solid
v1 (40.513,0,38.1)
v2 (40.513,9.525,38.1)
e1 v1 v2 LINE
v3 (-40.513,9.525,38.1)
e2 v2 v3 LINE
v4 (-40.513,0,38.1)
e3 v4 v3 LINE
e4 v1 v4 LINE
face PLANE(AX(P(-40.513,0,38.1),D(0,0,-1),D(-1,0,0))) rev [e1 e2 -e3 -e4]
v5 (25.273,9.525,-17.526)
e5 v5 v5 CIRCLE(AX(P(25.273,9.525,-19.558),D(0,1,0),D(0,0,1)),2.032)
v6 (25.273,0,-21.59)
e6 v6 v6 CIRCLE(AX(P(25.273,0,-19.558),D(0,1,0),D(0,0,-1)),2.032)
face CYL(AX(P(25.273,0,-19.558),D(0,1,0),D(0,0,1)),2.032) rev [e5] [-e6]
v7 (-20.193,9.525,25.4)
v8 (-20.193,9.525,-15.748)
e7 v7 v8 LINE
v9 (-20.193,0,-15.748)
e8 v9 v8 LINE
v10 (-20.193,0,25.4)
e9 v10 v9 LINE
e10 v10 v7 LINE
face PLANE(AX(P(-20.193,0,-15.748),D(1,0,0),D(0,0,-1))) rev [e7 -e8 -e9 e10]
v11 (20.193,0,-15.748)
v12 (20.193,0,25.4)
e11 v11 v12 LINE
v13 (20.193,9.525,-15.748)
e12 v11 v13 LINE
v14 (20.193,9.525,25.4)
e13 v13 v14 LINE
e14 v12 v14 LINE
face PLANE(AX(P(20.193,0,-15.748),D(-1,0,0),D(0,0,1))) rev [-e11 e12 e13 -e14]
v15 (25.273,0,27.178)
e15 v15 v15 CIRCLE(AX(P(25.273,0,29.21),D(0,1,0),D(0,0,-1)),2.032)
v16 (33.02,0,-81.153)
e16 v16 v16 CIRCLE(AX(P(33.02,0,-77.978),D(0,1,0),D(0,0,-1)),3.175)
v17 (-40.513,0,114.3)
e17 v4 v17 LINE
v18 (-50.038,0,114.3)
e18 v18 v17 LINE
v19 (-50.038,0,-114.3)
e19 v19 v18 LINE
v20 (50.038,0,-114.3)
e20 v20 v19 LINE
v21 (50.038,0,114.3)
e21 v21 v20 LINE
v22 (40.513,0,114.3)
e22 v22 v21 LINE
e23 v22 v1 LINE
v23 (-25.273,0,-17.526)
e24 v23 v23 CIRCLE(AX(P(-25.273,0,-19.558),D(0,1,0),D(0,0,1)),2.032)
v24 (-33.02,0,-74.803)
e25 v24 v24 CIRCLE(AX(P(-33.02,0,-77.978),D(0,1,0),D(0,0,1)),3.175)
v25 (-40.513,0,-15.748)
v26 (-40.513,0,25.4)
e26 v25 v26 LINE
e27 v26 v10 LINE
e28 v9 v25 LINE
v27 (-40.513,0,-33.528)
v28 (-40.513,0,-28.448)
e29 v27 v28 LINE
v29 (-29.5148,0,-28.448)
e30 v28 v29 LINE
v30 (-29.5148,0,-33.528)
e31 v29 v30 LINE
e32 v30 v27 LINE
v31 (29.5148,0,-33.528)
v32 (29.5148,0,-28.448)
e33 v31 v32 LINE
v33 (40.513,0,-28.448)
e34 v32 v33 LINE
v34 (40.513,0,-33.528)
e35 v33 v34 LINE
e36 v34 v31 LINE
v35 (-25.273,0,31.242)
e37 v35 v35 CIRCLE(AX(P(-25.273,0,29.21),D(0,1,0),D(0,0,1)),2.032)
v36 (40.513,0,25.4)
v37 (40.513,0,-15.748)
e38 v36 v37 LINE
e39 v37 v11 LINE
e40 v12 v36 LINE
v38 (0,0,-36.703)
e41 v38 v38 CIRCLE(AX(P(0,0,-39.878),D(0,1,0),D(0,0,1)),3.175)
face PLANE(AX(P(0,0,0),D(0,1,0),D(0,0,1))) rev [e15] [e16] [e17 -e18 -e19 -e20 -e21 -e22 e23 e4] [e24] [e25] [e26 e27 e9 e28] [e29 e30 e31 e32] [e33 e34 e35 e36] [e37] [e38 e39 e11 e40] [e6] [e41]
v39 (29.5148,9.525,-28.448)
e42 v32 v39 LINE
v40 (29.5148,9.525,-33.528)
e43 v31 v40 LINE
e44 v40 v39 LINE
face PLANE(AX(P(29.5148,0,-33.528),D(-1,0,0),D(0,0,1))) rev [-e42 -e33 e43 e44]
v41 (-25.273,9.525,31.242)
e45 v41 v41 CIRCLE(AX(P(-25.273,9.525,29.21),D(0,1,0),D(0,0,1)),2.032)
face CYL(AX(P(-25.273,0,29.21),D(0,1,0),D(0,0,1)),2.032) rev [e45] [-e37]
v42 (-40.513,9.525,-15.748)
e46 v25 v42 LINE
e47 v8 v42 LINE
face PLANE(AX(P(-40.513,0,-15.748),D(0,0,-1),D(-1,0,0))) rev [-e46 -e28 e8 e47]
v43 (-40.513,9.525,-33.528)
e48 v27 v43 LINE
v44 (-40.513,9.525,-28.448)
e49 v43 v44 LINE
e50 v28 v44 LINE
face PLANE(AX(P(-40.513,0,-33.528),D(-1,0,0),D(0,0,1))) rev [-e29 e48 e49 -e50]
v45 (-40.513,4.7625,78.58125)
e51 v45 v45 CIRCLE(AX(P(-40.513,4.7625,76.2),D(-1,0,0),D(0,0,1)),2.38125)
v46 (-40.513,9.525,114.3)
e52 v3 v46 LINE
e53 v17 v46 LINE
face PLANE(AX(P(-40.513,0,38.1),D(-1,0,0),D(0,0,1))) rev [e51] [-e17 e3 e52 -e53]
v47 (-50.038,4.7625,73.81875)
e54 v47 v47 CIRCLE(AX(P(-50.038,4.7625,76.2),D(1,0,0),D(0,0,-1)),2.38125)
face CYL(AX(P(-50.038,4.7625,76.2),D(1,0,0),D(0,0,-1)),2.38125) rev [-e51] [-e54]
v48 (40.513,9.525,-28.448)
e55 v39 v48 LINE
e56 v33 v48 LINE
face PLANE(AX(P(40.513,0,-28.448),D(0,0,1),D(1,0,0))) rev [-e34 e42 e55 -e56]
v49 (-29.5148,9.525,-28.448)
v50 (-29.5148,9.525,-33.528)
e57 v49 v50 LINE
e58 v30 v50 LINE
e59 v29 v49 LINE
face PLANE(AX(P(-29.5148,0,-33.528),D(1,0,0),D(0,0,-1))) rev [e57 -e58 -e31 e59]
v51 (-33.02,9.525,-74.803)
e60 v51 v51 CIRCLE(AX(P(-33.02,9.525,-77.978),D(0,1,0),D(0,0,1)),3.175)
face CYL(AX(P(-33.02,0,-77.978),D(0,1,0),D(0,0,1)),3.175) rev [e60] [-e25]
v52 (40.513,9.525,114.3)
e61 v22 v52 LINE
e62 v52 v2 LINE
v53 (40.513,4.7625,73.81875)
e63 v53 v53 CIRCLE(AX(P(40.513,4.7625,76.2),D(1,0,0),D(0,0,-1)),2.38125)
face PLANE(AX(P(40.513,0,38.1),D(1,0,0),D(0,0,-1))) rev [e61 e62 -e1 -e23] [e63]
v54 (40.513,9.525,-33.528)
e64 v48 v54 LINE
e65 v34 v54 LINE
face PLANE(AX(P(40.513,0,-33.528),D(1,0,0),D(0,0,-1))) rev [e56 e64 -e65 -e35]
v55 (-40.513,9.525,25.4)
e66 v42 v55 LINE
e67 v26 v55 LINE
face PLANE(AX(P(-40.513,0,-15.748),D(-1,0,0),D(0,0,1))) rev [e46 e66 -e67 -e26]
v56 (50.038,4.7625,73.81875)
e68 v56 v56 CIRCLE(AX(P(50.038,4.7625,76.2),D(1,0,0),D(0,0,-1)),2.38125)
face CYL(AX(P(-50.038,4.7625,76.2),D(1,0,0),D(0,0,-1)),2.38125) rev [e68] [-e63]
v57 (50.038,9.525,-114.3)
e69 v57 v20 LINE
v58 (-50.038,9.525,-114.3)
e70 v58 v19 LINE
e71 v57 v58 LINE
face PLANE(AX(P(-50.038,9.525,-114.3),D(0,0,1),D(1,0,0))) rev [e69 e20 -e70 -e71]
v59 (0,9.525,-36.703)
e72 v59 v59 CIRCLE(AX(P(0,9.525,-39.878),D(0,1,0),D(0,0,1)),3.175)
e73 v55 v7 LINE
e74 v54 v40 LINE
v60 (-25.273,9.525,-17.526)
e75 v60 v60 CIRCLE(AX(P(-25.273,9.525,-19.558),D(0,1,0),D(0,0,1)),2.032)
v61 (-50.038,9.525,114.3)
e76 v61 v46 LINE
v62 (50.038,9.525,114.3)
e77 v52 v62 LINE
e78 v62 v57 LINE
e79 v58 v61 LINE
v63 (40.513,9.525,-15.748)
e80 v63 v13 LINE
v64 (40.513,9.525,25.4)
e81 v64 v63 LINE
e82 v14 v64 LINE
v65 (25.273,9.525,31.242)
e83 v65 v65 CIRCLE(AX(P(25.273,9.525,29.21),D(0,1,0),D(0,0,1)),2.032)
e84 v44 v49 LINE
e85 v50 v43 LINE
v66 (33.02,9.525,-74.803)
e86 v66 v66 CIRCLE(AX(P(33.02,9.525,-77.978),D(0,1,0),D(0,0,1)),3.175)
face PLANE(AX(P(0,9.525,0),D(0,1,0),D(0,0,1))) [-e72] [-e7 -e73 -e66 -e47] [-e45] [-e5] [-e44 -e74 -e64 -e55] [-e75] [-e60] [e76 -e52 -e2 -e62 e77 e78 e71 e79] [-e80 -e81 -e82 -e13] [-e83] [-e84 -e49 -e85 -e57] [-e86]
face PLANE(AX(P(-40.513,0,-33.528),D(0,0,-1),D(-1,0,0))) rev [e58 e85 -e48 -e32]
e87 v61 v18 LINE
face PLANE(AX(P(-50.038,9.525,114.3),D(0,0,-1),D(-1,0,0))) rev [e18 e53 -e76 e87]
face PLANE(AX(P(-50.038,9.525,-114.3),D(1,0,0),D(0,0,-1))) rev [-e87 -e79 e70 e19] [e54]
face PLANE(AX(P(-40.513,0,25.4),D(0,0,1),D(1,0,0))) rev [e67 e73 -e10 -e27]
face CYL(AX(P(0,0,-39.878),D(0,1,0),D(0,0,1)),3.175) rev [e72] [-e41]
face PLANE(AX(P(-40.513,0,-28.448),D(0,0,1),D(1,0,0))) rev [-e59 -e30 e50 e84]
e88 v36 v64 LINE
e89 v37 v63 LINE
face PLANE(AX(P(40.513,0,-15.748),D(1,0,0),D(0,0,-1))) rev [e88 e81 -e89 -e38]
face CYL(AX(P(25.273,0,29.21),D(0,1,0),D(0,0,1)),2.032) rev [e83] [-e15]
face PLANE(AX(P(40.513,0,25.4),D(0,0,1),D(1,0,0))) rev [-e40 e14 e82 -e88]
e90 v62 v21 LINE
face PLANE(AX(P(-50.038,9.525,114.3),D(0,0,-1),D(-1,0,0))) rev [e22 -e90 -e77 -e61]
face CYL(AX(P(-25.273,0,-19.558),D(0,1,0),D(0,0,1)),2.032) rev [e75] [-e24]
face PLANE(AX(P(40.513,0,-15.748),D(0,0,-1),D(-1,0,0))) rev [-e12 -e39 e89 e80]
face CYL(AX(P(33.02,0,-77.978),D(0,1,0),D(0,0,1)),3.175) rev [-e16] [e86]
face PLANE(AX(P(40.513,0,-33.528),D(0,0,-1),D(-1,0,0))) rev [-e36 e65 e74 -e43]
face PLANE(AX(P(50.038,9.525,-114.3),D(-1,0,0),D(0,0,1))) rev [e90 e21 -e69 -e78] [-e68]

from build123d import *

# Parameters (mm, degrees)
SKETCH1_W               = 100.076
SKETCH1_H               = 228.6
BOSS_EXTRUDE1_DEPTH     = 9.525
SKETCH2_W               = 81.026
SKETCH2_H               = 76.2
CUT_EXTRUDE1_DEPTH      = 10.525
SKETCH3_W               = 20.32
SKETCH3_H               = 41.148
SKETCH3_W_2             = 10.9982
SKETCH3_H_2             = 5.08
CUT_EXTRUDE2_DEPTH      = 10.525
SKETCH4_R               = 2.38125
CUT_EXTRUDE3_DEPTH      = 91.551
CUT_EXTRUDE3_DEPTH_BACK = 10.525
SKETCH6_R               = 3.175
CUT_EXTRUDE5_DEPTH      = 10.525
SKETCH5_R               = 2.032
SKETCH5_R_2             = 3.175
CUT_EXTRUDE4_DEPTH      = 1
CUT_EXTRUDE4_DEPTH_BACK = 10.525


with BuildPart() as part:
    # Sketch1 → Boss-Extrude1 (new body)
    with BuildSketch(Plane(origin=(0, 0, 0), x_dir=(1, 0, 0), z_dir=(0, 1, 0))):
        Rectangle(SKETCH1_W, SKETCH1_H)
    extrude(amount=BOSS_EXTRUDE1_DEPTH)

    # Sketch2 → Cut-Extrude1 (cut, through all)
    with BuildSketch(Plane(origin=(0, 9.525, 0), x_dir=(1, 0, 0), z_dir=(0, 1, 0))):
        with Locations((0, -76.2)):
            Rectangle(SKETCH2_W, SKETCH2_H)
    extrude(amount=-CUT_EXTRUDE1_DEPTH, mode=Mode.SUBTRACT)

    # Sketch3 → Cut-Extrude2 (cut, through all)
    with BuildSketch(Plane(origin=(0, 9.525, 0), x_dir=(1, 0, 0), z_dir=(0, 1, 0))):
        with Locations((-30.353, -4.826)):
            Rectangle(SKETCH3_W, SKETCH3_H)
        with Locations((-35.0139, 30.988)):
            Rectangle(SKETCH3_W_2, SKETCH3_H_2)
        with Locations((30.353, -4.826)):
            Rectangle(SKETCH3_W, SKETCH3_H)
        with Locations((35.0139, 30.988)):
            Rectangle(SKETCH3_W_2, SKETCH3_H_2)
    extrude(amount=-CUT_EXTRUDE2_DEPTH, mode=Mode.SUBTRACT)

    # Sketch4 → Cut-Extrude3 (cut, two sides)
    with BuildSketch(Plane(origin=(-40.513, 0, 0), x_dir=(0, 0, -1), z_dir=(1, 0, 0))) as cut_extrude3_sk:
        with Locations((-76.2, 4.7625)):
            Circle(SKETCH4_R)
    extrude(amount=CUT_EXTRUDE3_DEPTH, mode=Mode.SUBTRACT)
    extrude(cut_extrude3_sk.sketch, amount=-CUT_EXTRUDE3_DEPTH_BACK, mode=Mode.SUBTRACT)

    # Sketch6 → Cut-Extrude5 (cut, through all)
    with BuildSketch(Plane(origin=(0, 9.525, 0), x_dir=(1, 0, 0), z_dir=(0, 1, 0))):
        with Locations((0, 39.878)):
            Circle(SKETCH6_R)
    extrude(amount=-CUT_EXTRUDE5_DEPTH, mode=Mode.SUBTRACT)

    # Sketch5 → Cut-Extrude4 (cut, two sides)
    with BuildSketch(Plane(origin=(0, 9.525, 0), x_dir=(1, 0, 0), z_dir=(0, 1, 0))) as cut_extrude4_sk:
        with Locations((-25.273, 19.558)):
            Circle(SKETCH5_R)
        with Locations((-25.273, -29.21)):
            Circle(SKETCH5_R)
        with Locations((25.273, -29.21)):
            Circle(SKETCH5_R)
        with Locations((25.273, 19.558)):
            Circle(SKETCH5_R)
        with Locations((-33.02, 77.978)):
            Circle(SKETCH5_R_2)
        with Locations((33.02, 77.978)):
            Circle(SKETCH5_R_2)
    extrude(amount=CUT_EXTRUDE4_DEPTH, mode=Mode.SUBTRACT)
    extrude(cut_extrude4_sk.sketch, amount=-CUT_EXTRUDE4_DEPTH_BACK, mode=Mode.SUBTRACT)


solid = part.part
